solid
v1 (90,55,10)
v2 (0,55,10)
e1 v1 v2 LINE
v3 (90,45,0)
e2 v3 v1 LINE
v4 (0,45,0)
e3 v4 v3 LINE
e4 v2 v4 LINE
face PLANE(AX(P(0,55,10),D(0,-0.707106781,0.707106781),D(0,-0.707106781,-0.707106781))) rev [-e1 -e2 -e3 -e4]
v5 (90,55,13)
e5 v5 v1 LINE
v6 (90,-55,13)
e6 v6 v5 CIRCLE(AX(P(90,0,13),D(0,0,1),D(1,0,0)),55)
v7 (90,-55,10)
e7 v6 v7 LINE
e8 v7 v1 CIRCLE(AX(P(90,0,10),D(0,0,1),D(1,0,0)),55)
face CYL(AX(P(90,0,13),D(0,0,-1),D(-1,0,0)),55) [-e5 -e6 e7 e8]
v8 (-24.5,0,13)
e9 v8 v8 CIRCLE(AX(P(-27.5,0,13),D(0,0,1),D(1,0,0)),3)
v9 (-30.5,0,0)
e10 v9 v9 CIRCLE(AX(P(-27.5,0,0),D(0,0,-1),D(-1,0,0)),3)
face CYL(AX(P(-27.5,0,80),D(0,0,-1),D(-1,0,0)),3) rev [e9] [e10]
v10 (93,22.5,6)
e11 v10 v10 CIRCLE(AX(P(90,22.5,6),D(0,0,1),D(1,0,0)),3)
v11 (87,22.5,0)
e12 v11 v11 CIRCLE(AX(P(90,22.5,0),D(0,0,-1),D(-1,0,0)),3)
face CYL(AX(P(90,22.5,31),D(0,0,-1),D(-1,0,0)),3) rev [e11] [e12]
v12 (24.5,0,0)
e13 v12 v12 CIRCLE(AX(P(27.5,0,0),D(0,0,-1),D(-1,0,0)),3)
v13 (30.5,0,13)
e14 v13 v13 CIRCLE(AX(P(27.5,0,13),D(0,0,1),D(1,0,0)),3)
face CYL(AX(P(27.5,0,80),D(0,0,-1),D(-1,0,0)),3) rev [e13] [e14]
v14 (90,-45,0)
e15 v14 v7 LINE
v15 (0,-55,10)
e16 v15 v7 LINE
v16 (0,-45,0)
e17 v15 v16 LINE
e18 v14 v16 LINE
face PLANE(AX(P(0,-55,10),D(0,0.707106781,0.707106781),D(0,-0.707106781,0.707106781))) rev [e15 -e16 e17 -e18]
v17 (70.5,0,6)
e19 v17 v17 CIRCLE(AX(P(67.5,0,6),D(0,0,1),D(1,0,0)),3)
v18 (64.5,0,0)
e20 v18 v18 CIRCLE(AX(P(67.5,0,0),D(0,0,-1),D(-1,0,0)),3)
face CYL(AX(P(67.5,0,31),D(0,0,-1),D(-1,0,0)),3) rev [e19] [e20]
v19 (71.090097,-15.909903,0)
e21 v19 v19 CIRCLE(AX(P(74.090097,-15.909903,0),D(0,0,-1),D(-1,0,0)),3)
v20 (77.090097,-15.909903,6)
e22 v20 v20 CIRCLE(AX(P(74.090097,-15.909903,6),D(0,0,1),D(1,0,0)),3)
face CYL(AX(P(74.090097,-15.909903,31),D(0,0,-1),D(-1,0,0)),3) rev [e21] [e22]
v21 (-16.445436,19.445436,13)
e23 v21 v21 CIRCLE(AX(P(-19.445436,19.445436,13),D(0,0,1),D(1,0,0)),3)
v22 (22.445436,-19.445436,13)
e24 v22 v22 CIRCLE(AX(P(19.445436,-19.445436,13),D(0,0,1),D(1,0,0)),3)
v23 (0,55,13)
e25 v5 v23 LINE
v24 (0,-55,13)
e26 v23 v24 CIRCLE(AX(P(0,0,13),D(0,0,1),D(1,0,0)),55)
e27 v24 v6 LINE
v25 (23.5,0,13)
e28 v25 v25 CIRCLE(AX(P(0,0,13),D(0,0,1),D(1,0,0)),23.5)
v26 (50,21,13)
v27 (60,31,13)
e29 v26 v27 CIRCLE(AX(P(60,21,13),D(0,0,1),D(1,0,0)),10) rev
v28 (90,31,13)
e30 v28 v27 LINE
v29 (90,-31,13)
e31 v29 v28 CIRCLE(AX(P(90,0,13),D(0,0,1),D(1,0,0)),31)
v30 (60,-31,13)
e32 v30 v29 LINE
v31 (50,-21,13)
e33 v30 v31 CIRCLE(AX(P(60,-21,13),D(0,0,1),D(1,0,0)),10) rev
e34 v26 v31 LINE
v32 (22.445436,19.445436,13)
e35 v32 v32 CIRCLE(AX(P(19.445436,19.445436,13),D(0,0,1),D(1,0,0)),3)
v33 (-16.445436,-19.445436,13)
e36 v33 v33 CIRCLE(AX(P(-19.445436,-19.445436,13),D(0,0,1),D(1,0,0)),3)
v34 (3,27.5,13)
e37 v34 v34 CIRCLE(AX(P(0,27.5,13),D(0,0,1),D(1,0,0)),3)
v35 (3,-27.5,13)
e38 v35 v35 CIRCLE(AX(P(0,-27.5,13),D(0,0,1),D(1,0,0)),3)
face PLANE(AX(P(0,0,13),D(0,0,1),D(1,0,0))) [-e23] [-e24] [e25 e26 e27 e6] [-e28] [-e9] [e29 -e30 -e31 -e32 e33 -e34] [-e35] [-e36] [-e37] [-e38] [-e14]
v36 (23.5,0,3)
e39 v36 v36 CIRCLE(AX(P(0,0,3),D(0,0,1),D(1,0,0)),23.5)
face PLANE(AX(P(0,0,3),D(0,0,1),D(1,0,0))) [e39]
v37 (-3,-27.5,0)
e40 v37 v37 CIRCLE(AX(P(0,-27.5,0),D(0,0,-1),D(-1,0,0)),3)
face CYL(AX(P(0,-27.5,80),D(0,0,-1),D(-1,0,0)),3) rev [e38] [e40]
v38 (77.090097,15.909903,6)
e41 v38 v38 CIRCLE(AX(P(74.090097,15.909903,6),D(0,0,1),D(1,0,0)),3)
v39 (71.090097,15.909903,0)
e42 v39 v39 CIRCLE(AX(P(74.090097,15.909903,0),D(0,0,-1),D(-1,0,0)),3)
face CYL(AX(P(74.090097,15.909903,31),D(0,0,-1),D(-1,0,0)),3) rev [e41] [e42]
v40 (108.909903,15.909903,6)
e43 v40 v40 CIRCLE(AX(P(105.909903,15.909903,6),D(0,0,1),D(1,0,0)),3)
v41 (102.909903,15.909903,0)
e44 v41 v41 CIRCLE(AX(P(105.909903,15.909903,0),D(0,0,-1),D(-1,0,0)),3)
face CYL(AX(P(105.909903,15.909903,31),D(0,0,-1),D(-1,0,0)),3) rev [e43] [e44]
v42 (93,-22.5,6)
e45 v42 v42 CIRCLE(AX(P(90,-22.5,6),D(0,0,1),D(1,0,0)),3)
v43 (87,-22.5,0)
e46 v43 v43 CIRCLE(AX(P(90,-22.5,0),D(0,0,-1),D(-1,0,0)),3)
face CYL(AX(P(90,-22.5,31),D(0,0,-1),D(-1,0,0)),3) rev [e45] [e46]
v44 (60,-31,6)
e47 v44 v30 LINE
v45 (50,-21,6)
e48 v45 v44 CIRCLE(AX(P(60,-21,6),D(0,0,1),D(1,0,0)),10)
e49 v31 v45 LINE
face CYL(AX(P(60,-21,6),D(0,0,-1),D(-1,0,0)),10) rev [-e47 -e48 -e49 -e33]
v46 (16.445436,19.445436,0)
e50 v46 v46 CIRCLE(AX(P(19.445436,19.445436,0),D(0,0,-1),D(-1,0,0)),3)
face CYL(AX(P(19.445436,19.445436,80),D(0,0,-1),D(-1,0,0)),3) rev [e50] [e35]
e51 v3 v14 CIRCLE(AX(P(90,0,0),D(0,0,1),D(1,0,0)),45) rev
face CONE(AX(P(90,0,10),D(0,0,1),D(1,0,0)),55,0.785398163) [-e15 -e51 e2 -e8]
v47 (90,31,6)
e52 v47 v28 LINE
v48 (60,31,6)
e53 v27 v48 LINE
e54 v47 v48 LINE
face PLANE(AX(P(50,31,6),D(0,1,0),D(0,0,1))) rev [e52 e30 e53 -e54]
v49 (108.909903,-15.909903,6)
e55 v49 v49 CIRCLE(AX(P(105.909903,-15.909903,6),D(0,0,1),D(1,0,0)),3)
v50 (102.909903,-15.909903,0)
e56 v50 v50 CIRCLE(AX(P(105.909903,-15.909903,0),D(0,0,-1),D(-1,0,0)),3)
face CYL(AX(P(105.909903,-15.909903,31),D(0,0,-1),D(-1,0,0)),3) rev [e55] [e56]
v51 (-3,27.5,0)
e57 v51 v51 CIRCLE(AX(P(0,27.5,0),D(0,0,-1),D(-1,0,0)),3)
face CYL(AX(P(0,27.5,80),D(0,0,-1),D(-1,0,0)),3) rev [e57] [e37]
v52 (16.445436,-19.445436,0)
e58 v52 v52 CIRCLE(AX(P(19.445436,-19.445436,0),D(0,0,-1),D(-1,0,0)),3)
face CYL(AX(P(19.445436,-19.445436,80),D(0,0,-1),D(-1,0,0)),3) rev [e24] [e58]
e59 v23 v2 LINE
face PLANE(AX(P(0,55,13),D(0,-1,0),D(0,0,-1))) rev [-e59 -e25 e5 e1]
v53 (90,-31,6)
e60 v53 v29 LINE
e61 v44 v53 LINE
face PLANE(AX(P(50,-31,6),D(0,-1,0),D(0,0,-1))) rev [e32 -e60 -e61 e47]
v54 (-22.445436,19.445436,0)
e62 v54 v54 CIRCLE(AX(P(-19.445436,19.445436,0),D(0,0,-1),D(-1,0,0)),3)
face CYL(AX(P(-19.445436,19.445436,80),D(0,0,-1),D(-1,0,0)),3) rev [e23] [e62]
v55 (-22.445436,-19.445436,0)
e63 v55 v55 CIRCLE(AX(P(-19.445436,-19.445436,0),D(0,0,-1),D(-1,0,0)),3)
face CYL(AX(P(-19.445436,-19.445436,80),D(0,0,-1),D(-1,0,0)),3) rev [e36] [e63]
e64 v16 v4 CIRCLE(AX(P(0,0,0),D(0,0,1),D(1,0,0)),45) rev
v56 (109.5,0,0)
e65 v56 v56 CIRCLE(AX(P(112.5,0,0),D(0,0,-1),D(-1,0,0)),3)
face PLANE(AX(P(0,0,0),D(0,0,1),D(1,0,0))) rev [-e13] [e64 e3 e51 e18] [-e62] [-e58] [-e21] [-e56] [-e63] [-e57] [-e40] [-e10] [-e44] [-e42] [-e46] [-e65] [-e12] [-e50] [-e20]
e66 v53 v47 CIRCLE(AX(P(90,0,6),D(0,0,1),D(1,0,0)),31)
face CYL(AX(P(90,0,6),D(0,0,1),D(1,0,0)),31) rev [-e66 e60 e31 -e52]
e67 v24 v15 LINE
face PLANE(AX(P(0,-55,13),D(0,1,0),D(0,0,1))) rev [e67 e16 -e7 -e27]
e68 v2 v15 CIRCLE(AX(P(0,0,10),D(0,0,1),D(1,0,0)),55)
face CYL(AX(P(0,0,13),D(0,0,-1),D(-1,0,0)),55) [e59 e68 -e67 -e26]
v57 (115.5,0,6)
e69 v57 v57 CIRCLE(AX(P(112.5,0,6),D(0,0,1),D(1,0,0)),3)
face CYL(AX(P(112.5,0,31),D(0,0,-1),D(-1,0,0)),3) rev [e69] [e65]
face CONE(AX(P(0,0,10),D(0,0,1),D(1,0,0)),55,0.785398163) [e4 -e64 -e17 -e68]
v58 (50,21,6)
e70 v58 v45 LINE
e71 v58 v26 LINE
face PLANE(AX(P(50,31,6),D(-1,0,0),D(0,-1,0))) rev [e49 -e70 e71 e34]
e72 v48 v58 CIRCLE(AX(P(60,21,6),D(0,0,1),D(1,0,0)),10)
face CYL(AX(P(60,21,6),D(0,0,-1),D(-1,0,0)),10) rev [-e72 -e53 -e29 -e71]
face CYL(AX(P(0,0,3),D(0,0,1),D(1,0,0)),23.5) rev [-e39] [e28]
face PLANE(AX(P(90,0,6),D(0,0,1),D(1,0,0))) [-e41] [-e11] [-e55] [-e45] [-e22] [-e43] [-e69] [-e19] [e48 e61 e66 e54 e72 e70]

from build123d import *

# Parameters (mm, degrees)
EXTRUDE_1_DEPTH     = 13
SKETCH_2_R          = 31
CUT_EXTRUDE_3_DEPTH = 7
SKETCH_4_R          = 3
CUT_EXTRUDE_4_DEPTH = 31
CHAMFER_1_SIZE      = 10
CUT_EXTRUDE_5_DEPTH = 7
SKETCH_7_R          = 3
CUT_EXTRUDE_7_DEPTH = 80
FILLET_1_R          = 10
SKETCH_8_R          = 23.5
CUT_EXTRUDE_8_DEPTH = 10


with BuildPart() as part:
    # 草图1 → 拉伸1 (new body)
    with BuildSketch(Plane.XY):
        with BuildLine():
            Line((0, 55), (90, 55))
            ThreePointArc((90, 55), (145, 0), (90, -55))
            Line((90, -55), (0, -55))
            ThreePointArc((0, -55), (-55, 0), (0, 55))
        make_face()
    extrude(amount=EXTRUDE_1_DEPTH)

    # 草图2 → 切除-拉伸3 (cut)
    with BuildSketch(Plane.XY.offset(13)):
        with Locations((90, 0)):
            Circle(SKETCH_2_R)
    extrude(amount=-CUT_EXTRUDE_3_DEPTH, mode=Mode.SUBTRACT)

    # 草图4 → 切除-拉伸4 (cut)
    with BuildSketch(Plane(origin=(0, 0, 0), x_dir=(-1, 0, 0), z_dir=(0, 0, -1))):
        with Locations((-90, 22.5)):
            Circle(SKETCH_4_R)
        with Locations((-74.090097423, 15.909902577)):
            Circle(SKETCH_4_R)
        with Locations((-67.5, 0)):
            Circle(SKETCH_4_R)
        with Locations((-74.090097423, -15.909902577)):
            Circle(SKETCH_4_R)
        with Locations((-90, -22.5)):
            Circle(SKETCH_4_R)
        with Locations((-105.909902577, -15.909902577)):
            Circle(SKETCH_4_R)
        with Locations((-112.5, 0)):
            Circle(SKETCH_4_R)
        with Locations((-105.909902577, 15.909902577)):
            Circle(SKETCH_4_R)
    extrude(amount=-CUT_EXTRUDE_4_DEPTH, mode=Mode.SUBTRACT)

    # 倒角1
    chamfer_1_edges = [part.edges().sort_by_distance(p)[0] for p in [
        (45, 55, 0),
        (145, 0, 0),
        (45, -55, 0),
        (-55, 0, 0),
    ]]
    chamfer(chamfer_1_edges, length=CHAMFER_1_SIZE)

    # 草图5 → 切除-拉伸5 (cut)
    with BuildSketch(Plane.XY.offset(13)):
        with BuildLine():
            Line((50, 31), (90, 31))
            ThreePointArc((90, 31), (121, 0), (90, -31))
            Line((90, -31), (50, -31))
            Line((50, -31), (50, 31))
        make_face()
    extrude(amount=-CUT_EXTRUDE_5_DEPTH, mode=Mode.SUBTRACT)

    # 草图7 → 切除-拉伸7 (cut)
    with BuildSketch(Plane(origin=(0, 0, 0), x_dir=(-1, 0, 0), z_dir=(0, 0, -1))):
        with Locations((19.445436483, 19.445436483)):
            Circle(SKETCH_7_R)
        with Locations((27.5, 0)):
            Circle(SKETCH_7_R)
        with Locations((19.445436483, -19.445436483)):
            Circle(SKETCH_7_R)
        with Locations((0, -27.5)):
            Circle(SKETCH_7_R)
        with Locations((0, 27.5)):
            Circle(SKETCH_7_R)
        with Locations((-19.445436483, -19.445436483)):
            Circle(SKETCH_7_R)
        with Locations((-27.5, 0)):
            Circle(SKETCH_7_R)
        with Locations((-19.445436483, 19.445436483)):
            Circle(SKETCH_7_R)
    extrude(amount=-CUT_EXTRUDE_7_DEPTH, mode=Mode.SUBTRACT)

    # 圆角1
    fillet_1_edges = [part.edges().sort_by_distance(p)[0] for p in [
        (50, -31, 9.5),
        (50, 31, 9.5),
    ]]
    fillet(fillet_1_edges, radius=FILLET_1_R)

    # 草图8 → 切除-拉伸8 (cut)
    with BuildSketch(Plane.XY.offset(13)):
        Circle(SKETCH_8_R)
    extrude(amount=-CUT_EXTRUDE_8_DEPTH, mode=Mode.SUBTRACT)


solid = part.part
